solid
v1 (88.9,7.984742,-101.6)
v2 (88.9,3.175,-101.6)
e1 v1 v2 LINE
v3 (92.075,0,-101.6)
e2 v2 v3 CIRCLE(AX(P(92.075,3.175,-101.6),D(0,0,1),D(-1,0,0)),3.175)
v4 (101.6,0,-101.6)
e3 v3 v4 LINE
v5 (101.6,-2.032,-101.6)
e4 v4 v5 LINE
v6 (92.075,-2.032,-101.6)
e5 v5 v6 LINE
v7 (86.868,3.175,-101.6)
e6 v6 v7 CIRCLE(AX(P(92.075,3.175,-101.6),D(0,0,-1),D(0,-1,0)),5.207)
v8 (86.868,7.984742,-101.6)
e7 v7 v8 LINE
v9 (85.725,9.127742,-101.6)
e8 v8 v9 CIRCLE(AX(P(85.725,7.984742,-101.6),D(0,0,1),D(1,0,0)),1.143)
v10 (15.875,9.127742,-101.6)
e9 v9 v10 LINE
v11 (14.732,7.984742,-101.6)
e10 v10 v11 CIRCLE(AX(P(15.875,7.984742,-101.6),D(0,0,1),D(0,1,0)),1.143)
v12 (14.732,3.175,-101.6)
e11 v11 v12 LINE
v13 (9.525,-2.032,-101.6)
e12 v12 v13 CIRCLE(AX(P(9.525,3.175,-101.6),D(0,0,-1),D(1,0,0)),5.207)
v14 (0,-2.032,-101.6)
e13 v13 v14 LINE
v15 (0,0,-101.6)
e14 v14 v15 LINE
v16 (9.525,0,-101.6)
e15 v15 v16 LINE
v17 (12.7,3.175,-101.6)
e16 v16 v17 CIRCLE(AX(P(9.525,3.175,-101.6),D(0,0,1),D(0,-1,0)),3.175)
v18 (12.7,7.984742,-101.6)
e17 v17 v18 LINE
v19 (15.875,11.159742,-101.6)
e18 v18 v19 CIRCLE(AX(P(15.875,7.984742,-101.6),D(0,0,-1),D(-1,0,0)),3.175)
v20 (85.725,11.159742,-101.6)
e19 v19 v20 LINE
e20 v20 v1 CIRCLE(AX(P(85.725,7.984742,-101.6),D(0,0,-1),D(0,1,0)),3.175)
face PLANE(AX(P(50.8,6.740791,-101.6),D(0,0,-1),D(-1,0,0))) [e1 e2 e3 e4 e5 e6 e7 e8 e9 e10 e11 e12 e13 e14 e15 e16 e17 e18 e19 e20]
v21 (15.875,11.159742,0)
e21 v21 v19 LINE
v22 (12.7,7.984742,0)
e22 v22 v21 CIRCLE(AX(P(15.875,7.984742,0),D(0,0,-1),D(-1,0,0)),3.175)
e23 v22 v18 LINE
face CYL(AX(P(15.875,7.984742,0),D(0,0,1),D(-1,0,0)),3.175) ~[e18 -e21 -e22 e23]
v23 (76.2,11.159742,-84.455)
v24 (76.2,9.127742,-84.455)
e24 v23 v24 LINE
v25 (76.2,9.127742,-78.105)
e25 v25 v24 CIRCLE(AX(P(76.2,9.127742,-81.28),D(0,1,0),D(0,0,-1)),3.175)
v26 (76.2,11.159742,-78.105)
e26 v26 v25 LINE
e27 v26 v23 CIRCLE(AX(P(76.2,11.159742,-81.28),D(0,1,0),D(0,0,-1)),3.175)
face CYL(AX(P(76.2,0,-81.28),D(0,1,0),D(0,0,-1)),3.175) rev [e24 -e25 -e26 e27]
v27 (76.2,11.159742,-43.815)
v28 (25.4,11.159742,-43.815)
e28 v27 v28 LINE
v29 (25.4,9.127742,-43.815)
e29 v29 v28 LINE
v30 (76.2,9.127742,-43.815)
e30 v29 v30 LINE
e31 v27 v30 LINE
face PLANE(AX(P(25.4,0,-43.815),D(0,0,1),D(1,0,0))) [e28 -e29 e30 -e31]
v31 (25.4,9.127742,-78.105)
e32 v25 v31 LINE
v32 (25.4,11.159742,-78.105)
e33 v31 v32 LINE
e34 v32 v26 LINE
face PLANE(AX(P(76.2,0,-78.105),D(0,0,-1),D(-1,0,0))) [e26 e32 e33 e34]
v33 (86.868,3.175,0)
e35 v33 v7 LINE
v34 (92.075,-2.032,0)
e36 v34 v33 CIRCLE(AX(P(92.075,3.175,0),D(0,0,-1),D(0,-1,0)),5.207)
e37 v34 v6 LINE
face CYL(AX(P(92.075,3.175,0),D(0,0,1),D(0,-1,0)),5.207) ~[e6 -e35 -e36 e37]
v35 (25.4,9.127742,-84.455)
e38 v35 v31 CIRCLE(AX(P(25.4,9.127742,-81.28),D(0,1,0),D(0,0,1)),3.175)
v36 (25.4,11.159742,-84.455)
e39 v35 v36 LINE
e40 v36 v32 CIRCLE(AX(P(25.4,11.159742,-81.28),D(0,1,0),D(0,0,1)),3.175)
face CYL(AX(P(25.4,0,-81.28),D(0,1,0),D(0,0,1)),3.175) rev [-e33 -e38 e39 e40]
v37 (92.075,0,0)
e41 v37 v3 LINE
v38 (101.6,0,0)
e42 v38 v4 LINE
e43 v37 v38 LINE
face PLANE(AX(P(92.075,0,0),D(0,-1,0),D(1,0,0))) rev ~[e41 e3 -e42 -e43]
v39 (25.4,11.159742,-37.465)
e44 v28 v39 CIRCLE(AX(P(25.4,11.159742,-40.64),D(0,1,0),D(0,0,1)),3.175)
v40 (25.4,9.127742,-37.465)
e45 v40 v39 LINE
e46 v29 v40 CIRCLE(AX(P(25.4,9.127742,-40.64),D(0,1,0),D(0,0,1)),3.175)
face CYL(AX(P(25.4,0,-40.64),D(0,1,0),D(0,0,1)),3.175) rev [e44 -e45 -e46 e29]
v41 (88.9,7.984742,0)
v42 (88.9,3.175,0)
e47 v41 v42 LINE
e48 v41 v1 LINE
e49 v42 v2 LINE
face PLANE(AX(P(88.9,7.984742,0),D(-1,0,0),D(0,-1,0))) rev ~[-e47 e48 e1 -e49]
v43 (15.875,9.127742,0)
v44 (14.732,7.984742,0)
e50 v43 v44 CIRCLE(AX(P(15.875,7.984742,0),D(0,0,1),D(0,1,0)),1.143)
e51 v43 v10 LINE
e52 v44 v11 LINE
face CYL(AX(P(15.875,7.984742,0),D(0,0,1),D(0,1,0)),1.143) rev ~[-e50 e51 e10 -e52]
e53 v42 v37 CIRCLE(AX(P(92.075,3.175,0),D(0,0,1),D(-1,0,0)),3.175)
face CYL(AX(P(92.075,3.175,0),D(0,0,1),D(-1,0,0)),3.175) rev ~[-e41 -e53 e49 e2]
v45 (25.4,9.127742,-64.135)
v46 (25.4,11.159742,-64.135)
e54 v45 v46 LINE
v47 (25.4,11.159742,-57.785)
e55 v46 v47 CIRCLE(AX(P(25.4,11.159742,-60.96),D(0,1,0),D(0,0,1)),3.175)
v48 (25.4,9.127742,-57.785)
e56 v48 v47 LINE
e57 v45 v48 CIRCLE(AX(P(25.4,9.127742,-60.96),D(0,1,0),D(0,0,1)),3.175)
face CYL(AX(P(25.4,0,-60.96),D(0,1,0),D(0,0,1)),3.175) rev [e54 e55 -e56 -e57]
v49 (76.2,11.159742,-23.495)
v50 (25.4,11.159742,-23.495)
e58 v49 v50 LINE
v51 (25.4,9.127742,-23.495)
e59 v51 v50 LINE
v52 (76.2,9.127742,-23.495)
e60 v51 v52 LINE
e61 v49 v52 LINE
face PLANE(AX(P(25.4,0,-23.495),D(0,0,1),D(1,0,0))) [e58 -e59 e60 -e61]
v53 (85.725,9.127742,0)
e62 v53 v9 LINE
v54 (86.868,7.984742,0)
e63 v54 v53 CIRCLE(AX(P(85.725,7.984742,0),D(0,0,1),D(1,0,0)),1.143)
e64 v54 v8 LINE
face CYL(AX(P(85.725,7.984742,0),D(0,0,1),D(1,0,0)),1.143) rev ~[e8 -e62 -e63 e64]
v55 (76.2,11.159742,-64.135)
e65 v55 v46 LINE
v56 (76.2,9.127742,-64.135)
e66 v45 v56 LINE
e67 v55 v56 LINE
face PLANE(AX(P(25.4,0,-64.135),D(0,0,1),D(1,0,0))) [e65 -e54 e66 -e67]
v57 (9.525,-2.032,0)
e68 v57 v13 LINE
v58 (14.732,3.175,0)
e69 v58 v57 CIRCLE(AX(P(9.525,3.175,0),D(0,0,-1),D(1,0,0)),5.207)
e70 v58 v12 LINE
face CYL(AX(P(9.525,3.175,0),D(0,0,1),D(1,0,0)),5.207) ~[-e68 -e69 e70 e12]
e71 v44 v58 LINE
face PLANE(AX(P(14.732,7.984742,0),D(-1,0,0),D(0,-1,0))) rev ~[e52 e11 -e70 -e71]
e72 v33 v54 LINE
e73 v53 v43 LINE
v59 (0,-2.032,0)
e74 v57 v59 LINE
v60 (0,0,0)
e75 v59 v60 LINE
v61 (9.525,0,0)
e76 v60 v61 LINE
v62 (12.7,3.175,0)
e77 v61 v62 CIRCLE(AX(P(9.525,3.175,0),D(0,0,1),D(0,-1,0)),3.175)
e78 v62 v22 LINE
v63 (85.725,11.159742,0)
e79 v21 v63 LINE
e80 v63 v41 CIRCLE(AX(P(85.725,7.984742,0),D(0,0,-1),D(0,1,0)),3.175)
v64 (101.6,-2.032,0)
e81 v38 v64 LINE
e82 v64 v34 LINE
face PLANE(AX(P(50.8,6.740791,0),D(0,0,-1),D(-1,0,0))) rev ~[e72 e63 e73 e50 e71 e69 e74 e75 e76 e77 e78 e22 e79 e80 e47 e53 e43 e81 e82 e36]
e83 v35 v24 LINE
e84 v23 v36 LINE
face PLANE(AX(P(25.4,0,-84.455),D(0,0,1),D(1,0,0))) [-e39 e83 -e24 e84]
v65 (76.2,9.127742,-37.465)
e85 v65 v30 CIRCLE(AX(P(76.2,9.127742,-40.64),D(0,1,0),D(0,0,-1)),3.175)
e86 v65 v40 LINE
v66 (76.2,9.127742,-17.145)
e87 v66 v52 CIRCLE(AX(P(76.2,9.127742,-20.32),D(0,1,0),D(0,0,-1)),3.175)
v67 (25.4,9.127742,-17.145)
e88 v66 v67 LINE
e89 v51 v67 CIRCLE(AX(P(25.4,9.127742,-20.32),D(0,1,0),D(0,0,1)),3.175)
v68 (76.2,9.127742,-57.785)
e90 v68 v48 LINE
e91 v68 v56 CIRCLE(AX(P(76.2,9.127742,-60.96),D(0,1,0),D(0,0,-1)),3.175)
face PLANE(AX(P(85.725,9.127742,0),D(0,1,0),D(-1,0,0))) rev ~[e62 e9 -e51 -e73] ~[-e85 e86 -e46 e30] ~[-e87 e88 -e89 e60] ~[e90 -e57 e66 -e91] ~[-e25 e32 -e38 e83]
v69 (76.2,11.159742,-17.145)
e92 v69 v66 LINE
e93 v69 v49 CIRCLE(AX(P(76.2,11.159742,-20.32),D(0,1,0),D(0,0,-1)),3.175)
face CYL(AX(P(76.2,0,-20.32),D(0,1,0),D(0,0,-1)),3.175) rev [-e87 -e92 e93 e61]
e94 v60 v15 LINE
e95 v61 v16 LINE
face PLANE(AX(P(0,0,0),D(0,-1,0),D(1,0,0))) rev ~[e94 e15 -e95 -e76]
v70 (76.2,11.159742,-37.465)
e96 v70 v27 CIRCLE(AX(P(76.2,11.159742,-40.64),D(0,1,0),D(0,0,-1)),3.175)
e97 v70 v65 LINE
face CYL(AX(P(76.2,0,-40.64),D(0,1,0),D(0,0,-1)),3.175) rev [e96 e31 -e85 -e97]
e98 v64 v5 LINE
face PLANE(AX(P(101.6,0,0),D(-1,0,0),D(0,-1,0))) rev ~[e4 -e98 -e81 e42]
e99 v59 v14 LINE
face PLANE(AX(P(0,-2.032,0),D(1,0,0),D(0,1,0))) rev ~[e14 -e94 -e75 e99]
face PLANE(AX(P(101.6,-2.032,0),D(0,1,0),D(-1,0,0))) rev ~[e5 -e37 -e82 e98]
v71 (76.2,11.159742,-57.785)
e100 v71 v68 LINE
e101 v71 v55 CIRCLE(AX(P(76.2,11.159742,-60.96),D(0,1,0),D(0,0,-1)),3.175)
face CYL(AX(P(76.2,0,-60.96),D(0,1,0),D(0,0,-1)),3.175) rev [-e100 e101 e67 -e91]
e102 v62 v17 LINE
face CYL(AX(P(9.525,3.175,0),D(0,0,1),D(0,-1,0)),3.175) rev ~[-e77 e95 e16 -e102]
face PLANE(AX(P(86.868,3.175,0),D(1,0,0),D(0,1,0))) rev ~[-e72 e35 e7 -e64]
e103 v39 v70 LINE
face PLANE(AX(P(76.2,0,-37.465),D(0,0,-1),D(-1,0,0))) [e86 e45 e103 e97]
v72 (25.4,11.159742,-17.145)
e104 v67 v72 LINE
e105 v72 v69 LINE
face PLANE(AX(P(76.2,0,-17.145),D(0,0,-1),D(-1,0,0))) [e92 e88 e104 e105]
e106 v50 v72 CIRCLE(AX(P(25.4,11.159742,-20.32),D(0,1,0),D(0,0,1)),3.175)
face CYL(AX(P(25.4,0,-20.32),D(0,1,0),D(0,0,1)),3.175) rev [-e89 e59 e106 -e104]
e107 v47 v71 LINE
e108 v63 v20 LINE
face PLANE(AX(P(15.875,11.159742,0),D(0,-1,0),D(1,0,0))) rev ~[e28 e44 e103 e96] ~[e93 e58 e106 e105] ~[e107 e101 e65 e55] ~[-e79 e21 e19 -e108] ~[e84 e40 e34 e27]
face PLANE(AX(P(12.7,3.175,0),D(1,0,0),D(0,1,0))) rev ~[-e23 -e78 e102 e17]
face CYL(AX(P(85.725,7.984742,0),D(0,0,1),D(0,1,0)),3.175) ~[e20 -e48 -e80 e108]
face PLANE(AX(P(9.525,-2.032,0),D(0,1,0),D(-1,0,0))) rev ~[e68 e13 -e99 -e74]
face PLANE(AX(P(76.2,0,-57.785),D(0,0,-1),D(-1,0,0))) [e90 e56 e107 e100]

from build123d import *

# Parameters (mm, degrees)
EXTRUDE_THIN1_DEPTH = 101.6
CUT_EXTRUDE1_DEPTH  = 49.784
LPATTERN1_COUNT     = 4
LPATTERN1_PITCH     = 20.32


with BuildPart() as part:
    # Sketch1 → Extrude-Thin1 (new body)
    with BuildSketch(Plane.XY):
        with BuildLine():
            Line((0, 0), (9.525, 0))
            ThreePointArc((9.525, 0), (11.77006403, 0.92993597), (12.7, 3.175))
            Line((12.7, 3.175), (12.7, 7.984742102))
            ThreePointArc((12.7, 7.984742102), (13.62993597, 10.229806132), (15.875, 11.159742102))
            Line((15.875, 11.159742102), (85.725, 11.159742102))
            ThreePointArc((85.725, 11.159742102), (87.97006403, 10.229806132), (88.9, 7.984742102))
            Line((88.9, 7.984742102), (88.9, 3.175))
            ThreePointArc((88.9, 3.175), (89.82993597, 0.92993597), (92.075, 0))
            Line((92.075, 0), (101.6, 0))
            Line((101.6, 0), (101.6, -2.032))
            Line((101.6, -2.032), (92.075, -2.032))
            ThreePointArc((92.075, -2.032), (88.39309499, -0.50690501), (86.868, 3.175))
            Line((86.868, 3.175), (86.868, 7.984742102))
            ThreePointArc((86.868, 7.984742102), (86.533223051, 8.792965153), (85.725, 9.127742102))
            Line((85.725, 9.127742102), (15.875, 9.127742102))
            ThreePointArc((15.875, 9.127742102), (15.066776949, 8.792965153), (14.732, 7.984742102))
            Line((14.732, 7.984742102), (14.732, 3.175))
            ThreePointArc((14.732, 3.175), (13.20690501, -0.50690501), (9.525, -2.032))
            Line((9.525, -2.032), (0, -2.032))
            Line((0, -2.032), (0, 0))
        make_face()
    extrude(amount=-EXTRUDE_THIN1_DEPTH)

    # Sketch2 → Cut-Extrude1 (cut, symmetric)
    with BuildSketch(Plane(origin=(0, 0, 0), x_dir=(1, 0, 0), z_dir=(0, 1, 0))):
        with BuildLine():
            Line((25.4, 23.495), (76.2, 23.495))
            ThreePointArc((76.2, 23.495), (79.375, 20.32), (76.2, 17.145))
            Line((76.2, 17.145), (25.4, 17.145))
            ThreePointArc((25.4, 17.145), (22.225, 20.32), (25.4, 23.495))
        make_face()
    cut_extrude1 = extrude(amount=CUT_EXTRUDE1_DEPTH, both=True, mode=Mode.SUBTRACT)

    # LPattern1: Cut-Extrude1 ×4
    with Locations(*[(0, 0, -i * LPATTERN1_PITCH) for i in range(1, LPATTERN1_COUNT)]):
        add(cut_extrude1, mode=Mode.SUBTRACT)


solid = part.part
